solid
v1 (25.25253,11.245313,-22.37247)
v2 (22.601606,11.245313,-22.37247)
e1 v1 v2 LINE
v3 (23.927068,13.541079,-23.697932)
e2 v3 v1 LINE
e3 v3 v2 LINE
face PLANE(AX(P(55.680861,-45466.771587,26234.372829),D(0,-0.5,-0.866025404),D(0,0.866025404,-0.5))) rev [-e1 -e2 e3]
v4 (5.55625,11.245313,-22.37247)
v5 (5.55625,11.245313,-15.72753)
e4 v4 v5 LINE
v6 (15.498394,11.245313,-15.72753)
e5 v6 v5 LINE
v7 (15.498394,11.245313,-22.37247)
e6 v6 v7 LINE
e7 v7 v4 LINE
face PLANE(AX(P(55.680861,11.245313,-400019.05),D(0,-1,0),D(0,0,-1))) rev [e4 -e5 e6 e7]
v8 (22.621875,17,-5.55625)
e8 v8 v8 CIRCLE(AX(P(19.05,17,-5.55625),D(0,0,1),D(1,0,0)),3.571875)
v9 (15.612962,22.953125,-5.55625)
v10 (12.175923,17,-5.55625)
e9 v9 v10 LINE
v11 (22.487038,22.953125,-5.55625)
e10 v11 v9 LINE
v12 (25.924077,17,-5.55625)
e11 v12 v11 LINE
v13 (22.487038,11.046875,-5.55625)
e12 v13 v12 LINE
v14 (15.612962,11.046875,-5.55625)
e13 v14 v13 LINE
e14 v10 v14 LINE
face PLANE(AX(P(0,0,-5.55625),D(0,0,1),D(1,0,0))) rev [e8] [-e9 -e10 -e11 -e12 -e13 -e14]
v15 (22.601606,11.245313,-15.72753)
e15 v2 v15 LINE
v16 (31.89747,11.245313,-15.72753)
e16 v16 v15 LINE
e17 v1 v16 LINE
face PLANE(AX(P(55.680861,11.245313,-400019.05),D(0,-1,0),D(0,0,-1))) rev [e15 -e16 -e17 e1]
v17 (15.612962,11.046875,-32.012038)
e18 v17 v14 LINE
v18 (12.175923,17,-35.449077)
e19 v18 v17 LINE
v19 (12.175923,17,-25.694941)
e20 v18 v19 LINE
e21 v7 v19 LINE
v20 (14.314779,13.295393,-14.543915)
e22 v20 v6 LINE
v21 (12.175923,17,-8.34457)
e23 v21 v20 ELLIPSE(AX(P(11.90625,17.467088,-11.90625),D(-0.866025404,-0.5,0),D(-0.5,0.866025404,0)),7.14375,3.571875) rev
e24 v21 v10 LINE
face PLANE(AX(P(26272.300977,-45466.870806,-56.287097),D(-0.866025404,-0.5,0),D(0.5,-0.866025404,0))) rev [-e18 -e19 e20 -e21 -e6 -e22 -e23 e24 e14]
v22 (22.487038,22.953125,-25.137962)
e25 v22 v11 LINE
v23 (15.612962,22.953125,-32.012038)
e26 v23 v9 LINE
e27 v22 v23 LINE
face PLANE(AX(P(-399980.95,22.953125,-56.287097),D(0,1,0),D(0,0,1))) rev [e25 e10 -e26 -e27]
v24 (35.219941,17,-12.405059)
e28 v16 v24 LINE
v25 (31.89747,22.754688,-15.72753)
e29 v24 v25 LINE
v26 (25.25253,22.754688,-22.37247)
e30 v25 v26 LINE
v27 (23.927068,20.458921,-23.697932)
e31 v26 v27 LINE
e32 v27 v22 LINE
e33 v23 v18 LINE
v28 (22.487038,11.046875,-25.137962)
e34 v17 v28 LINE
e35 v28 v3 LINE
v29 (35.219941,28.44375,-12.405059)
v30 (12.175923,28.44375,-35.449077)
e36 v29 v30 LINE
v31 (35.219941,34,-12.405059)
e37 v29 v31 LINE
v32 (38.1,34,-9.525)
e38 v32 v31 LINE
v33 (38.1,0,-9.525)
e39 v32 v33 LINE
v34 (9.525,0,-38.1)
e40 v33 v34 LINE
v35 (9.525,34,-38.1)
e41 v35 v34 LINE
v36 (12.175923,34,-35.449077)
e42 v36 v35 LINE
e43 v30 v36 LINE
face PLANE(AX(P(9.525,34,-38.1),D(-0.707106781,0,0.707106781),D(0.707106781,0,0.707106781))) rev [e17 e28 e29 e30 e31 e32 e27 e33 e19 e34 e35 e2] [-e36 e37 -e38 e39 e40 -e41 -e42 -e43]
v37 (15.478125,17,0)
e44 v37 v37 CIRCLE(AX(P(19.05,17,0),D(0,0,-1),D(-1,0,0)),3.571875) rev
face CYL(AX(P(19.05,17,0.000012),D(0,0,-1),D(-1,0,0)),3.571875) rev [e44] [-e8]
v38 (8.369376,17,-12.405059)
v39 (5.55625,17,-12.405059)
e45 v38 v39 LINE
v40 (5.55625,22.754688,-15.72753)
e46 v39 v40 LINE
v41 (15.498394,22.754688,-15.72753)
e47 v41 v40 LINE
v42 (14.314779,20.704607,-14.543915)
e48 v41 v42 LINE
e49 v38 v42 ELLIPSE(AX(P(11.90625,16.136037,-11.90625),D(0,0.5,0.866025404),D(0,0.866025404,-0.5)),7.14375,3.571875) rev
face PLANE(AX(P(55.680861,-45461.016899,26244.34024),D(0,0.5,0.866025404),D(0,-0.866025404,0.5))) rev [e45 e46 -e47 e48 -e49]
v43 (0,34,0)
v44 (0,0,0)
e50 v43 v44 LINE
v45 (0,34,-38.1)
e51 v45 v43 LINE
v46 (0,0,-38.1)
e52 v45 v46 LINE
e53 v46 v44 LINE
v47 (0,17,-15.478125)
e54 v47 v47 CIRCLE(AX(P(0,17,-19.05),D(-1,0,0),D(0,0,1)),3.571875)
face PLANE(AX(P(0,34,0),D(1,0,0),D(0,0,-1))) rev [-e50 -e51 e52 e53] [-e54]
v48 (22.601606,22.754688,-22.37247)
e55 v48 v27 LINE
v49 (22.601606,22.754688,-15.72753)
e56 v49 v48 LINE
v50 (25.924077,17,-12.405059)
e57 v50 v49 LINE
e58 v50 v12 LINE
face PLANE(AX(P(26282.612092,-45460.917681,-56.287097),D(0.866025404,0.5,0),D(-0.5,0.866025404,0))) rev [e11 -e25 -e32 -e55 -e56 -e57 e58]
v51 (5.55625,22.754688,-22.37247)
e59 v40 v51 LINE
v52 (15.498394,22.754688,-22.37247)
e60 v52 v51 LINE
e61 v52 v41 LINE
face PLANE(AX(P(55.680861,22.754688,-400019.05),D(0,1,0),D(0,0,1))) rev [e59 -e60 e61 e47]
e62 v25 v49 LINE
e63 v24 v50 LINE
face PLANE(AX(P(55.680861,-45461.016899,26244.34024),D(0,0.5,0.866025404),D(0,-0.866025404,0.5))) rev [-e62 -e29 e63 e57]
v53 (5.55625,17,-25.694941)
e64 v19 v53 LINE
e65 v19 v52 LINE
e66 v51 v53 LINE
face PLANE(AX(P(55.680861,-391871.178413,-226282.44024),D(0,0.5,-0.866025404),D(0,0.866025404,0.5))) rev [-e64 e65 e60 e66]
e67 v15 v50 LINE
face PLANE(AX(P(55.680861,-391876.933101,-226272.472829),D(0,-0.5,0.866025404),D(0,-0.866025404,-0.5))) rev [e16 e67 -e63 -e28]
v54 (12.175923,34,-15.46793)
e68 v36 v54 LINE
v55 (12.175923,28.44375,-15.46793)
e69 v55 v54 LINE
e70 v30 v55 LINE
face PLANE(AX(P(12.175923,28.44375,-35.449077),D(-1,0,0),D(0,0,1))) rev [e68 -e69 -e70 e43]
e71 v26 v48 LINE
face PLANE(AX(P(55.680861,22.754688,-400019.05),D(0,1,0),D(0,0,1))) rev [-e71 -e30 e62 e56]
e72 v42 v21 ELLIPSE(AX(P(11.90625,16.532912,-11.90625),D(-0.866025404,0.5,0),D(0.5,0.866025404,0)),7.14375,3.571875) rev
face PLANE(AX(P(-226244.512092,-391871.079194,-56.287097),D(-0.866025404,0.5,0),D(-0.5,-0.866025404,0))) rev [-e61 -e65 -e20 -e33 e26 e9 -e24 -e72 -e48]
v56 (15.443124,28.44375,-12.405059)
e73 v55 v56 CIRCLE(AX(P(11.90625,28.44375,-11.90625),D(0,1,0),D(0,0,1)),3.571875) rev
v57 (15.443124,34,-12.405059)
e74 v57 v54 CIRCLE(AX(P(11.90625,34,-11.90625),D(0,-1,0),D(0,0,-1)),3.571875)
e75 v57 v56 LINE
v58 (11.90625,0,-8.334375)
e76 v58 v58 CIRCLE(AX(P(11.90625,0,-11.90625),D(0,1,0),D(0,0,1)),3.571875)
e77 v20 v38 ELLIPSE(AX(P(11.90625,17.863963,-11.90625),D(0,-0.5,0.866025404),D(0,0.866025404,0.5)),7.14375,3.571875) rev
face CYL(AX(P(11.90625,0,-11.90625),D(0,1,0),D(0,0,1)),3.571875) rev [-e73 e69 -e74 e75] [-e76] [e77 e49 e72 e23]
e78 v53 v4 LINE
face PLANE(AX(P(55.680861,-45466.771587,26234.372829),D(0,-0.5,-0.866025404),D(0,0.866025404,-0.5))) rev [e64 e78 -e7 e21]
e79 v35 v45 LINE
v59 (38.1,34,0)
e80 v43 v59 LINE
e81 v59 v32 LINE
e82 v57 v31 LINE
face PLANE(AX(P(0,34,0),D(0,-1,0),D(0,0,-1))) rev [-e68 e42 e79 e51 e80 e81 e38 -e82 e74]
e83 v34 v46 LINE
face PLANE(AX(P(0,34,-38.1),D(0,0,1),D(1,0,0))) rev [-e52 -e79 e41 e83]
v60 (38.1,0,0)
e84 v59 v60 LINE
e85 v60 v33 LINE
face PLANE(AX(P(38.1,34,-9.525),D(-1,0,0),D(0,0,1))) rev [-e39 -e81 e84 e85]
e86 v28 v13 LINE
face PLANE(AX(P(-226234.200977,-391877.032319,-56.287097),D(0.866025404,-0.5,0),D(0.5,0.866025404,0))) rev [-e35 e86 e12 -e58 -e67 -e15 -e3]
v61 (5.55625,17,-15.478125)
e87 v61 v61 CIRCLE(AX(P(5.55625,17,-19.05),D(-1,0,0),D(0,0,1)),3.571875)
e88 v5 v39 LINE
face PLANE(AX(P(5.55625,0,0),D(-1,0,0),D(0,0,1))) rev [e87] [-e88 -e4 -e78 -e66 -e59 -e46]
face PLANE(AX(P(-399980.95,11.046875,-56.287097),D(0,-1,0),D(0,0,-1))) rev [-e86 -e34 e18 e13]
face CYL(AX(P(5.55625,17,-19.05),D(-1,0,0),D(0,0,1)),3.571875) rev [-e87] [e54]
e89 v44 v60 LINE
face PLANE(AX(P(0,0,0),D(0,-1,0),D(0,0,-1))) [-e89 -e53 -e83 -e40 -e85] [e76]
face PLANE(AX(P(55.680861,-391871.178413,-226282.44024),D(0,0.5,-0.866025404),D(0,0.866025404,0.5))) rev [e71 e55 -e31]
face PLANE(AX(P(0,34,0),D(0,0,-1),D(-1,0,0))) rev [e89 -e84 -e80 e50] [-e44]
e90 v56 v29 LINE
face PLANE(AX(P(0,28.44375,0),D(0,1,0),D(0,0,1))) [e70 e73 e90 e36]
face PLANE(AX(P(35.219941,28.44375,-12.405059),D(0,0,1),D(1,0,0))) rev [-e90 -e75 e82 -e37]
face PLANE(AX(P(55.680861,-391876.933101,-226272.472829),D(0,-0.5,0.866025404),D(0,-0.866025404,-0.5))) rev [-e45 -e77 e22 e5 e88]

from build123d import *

# Parameters (mm, degrees)
MAIN_BODY_DEPTH              = 34
SKETCH3_R                    = 3.571875
F_9_32_RIGHT_RAIL_DEPTH      = 1
F_9_32_RIGHT_RAIL_DEPTH_BACK = 5.55625
SKETCH4_R                    = 3.571875
F_9_32_LEFT_RAIL_DEPTH       = 5.55625
SKETCH8_R                    = 3.571875
F_9_32_TOPPER_DEPTH          = 1
F_9_32_TOPPER_DEPTH_BACK     = 35
CUT_EXTRUDE3_START           = -5.55625
CUT_EXTRUDE3_DEPTH           = 32.54375
CUT_EXTRUDE4_START           = -5.55625
CUT_EXTRUDE4_DEPTH           = 32.54375
CUT_EXTRUDE6_DEPTH           = 5.55625


with BuildPart() as part:
    # Sketch1 → Main Body (new body)
    with BuildSketch(Plane(origin=(0, 0, 0), x_dir=(1, 0, 0), z_dir=(0, 1, 0))):
        Polygon((0, 0), (38.1, 0), (38.1, 9.525), (9.525, 38.1), (0, 38.1), align=None)
    extrude(amount=MAIN_BODY_DEPTH)

    # Sketch3 → 9/32 Right Rail (cut, two sides)
    with BuildSketch(Plane.XY) as f_9_32_right_rail_sk:
        with Locations((19.05, 17)):
            Circle(SKETCH3_R)
    extrude(amount=F_9_32_RIGHT_RAIL_DEPTH, mode=Mode.SUBTRACT)
    extrude(f_9_32_right_rail_sk.sketch, amount=-F_9_32_RIGHT_RAIL_DEPTH_BACK, mode=Mode.SUBTRACT)

    # Sketch4 → 9/32 Left Rail (cut)
    with BuildSketch(Plane.ZY):
        with Locations((-19.05, 17)):
            Circle(SKETCH4_R)
    extrude(amount=-F_9_32_LEFT_RAIL_DEPTH, mode=Mode.SUBTRACT)

    # Sketch8 → 9/32 Topper (cut, two sides)
    with BuildSketch(Plane(origin=(0, 34, 0), x_dir=(1, 0, 0), z_dir=(0, 1, 0))) as f_9_32_topper_sk:
        with Locations((11.90625, 11.90625)):
            Circle(SKETCH8_R)
    extrude(amount=F_9_32_TOPPER_DEPTH, mode=Mode.SUBTRACT)
    extrude(f_9_32_topper_sk.sketch, amount=-F_9_32_TOPPER_DEPTH_BACK, mode=Mode.SUBTRACT)

    # Sketch9 → Cut-Extrude3 (cut)
    with BuildSketch(Plane.ZY.offset(CUT_EXTRUDE3_START)):
        Polygon((-22.372470377, 22.7546875), (-25.694940754, 17), (-22.372470377, 11.2453125), (-15.727529623, 11.2453125), (-12.405059246, 17), (-15.727529623, 22.7546875), align=None)
    extrude(amount=-CUT_EXTRUDE3_DEPTH, mode=Mode.SUBTRACT)

    # Sketch10 → Cut-Extrude4 (cut)
    with BuildSketch(Plane.XY.offset(CUT_EXTRUDE4_START)):
        Polygon((15.612961679, 22.953125), (12.175923357, 17), (15.612961679, 11.046875), (22.487038321, 11.046875), (25.924076643, 17), (22.487038321, 22.953125), align=None)
    extrude(amount=-CUT_EXTRUDE4_DEPTH, mode=Mode.SUBTRACT)

    # Sketch13 → Cut-Extrude6 (cut)
    with BuildSketch(Plane(origin=(0, 34, 0), x_dir=(1, 0, 0), z_dir=(0, 1, 0))):
        Polygon((35.219940754, 12.405059246), (12.175923357, 12.405059246), (12.175923357, 35.449076643), align=None)
    extrude(amount=-CUT_EXTRUDE6_DEPTH, mode=Mode.SUBTRACT)


solid = part.part
